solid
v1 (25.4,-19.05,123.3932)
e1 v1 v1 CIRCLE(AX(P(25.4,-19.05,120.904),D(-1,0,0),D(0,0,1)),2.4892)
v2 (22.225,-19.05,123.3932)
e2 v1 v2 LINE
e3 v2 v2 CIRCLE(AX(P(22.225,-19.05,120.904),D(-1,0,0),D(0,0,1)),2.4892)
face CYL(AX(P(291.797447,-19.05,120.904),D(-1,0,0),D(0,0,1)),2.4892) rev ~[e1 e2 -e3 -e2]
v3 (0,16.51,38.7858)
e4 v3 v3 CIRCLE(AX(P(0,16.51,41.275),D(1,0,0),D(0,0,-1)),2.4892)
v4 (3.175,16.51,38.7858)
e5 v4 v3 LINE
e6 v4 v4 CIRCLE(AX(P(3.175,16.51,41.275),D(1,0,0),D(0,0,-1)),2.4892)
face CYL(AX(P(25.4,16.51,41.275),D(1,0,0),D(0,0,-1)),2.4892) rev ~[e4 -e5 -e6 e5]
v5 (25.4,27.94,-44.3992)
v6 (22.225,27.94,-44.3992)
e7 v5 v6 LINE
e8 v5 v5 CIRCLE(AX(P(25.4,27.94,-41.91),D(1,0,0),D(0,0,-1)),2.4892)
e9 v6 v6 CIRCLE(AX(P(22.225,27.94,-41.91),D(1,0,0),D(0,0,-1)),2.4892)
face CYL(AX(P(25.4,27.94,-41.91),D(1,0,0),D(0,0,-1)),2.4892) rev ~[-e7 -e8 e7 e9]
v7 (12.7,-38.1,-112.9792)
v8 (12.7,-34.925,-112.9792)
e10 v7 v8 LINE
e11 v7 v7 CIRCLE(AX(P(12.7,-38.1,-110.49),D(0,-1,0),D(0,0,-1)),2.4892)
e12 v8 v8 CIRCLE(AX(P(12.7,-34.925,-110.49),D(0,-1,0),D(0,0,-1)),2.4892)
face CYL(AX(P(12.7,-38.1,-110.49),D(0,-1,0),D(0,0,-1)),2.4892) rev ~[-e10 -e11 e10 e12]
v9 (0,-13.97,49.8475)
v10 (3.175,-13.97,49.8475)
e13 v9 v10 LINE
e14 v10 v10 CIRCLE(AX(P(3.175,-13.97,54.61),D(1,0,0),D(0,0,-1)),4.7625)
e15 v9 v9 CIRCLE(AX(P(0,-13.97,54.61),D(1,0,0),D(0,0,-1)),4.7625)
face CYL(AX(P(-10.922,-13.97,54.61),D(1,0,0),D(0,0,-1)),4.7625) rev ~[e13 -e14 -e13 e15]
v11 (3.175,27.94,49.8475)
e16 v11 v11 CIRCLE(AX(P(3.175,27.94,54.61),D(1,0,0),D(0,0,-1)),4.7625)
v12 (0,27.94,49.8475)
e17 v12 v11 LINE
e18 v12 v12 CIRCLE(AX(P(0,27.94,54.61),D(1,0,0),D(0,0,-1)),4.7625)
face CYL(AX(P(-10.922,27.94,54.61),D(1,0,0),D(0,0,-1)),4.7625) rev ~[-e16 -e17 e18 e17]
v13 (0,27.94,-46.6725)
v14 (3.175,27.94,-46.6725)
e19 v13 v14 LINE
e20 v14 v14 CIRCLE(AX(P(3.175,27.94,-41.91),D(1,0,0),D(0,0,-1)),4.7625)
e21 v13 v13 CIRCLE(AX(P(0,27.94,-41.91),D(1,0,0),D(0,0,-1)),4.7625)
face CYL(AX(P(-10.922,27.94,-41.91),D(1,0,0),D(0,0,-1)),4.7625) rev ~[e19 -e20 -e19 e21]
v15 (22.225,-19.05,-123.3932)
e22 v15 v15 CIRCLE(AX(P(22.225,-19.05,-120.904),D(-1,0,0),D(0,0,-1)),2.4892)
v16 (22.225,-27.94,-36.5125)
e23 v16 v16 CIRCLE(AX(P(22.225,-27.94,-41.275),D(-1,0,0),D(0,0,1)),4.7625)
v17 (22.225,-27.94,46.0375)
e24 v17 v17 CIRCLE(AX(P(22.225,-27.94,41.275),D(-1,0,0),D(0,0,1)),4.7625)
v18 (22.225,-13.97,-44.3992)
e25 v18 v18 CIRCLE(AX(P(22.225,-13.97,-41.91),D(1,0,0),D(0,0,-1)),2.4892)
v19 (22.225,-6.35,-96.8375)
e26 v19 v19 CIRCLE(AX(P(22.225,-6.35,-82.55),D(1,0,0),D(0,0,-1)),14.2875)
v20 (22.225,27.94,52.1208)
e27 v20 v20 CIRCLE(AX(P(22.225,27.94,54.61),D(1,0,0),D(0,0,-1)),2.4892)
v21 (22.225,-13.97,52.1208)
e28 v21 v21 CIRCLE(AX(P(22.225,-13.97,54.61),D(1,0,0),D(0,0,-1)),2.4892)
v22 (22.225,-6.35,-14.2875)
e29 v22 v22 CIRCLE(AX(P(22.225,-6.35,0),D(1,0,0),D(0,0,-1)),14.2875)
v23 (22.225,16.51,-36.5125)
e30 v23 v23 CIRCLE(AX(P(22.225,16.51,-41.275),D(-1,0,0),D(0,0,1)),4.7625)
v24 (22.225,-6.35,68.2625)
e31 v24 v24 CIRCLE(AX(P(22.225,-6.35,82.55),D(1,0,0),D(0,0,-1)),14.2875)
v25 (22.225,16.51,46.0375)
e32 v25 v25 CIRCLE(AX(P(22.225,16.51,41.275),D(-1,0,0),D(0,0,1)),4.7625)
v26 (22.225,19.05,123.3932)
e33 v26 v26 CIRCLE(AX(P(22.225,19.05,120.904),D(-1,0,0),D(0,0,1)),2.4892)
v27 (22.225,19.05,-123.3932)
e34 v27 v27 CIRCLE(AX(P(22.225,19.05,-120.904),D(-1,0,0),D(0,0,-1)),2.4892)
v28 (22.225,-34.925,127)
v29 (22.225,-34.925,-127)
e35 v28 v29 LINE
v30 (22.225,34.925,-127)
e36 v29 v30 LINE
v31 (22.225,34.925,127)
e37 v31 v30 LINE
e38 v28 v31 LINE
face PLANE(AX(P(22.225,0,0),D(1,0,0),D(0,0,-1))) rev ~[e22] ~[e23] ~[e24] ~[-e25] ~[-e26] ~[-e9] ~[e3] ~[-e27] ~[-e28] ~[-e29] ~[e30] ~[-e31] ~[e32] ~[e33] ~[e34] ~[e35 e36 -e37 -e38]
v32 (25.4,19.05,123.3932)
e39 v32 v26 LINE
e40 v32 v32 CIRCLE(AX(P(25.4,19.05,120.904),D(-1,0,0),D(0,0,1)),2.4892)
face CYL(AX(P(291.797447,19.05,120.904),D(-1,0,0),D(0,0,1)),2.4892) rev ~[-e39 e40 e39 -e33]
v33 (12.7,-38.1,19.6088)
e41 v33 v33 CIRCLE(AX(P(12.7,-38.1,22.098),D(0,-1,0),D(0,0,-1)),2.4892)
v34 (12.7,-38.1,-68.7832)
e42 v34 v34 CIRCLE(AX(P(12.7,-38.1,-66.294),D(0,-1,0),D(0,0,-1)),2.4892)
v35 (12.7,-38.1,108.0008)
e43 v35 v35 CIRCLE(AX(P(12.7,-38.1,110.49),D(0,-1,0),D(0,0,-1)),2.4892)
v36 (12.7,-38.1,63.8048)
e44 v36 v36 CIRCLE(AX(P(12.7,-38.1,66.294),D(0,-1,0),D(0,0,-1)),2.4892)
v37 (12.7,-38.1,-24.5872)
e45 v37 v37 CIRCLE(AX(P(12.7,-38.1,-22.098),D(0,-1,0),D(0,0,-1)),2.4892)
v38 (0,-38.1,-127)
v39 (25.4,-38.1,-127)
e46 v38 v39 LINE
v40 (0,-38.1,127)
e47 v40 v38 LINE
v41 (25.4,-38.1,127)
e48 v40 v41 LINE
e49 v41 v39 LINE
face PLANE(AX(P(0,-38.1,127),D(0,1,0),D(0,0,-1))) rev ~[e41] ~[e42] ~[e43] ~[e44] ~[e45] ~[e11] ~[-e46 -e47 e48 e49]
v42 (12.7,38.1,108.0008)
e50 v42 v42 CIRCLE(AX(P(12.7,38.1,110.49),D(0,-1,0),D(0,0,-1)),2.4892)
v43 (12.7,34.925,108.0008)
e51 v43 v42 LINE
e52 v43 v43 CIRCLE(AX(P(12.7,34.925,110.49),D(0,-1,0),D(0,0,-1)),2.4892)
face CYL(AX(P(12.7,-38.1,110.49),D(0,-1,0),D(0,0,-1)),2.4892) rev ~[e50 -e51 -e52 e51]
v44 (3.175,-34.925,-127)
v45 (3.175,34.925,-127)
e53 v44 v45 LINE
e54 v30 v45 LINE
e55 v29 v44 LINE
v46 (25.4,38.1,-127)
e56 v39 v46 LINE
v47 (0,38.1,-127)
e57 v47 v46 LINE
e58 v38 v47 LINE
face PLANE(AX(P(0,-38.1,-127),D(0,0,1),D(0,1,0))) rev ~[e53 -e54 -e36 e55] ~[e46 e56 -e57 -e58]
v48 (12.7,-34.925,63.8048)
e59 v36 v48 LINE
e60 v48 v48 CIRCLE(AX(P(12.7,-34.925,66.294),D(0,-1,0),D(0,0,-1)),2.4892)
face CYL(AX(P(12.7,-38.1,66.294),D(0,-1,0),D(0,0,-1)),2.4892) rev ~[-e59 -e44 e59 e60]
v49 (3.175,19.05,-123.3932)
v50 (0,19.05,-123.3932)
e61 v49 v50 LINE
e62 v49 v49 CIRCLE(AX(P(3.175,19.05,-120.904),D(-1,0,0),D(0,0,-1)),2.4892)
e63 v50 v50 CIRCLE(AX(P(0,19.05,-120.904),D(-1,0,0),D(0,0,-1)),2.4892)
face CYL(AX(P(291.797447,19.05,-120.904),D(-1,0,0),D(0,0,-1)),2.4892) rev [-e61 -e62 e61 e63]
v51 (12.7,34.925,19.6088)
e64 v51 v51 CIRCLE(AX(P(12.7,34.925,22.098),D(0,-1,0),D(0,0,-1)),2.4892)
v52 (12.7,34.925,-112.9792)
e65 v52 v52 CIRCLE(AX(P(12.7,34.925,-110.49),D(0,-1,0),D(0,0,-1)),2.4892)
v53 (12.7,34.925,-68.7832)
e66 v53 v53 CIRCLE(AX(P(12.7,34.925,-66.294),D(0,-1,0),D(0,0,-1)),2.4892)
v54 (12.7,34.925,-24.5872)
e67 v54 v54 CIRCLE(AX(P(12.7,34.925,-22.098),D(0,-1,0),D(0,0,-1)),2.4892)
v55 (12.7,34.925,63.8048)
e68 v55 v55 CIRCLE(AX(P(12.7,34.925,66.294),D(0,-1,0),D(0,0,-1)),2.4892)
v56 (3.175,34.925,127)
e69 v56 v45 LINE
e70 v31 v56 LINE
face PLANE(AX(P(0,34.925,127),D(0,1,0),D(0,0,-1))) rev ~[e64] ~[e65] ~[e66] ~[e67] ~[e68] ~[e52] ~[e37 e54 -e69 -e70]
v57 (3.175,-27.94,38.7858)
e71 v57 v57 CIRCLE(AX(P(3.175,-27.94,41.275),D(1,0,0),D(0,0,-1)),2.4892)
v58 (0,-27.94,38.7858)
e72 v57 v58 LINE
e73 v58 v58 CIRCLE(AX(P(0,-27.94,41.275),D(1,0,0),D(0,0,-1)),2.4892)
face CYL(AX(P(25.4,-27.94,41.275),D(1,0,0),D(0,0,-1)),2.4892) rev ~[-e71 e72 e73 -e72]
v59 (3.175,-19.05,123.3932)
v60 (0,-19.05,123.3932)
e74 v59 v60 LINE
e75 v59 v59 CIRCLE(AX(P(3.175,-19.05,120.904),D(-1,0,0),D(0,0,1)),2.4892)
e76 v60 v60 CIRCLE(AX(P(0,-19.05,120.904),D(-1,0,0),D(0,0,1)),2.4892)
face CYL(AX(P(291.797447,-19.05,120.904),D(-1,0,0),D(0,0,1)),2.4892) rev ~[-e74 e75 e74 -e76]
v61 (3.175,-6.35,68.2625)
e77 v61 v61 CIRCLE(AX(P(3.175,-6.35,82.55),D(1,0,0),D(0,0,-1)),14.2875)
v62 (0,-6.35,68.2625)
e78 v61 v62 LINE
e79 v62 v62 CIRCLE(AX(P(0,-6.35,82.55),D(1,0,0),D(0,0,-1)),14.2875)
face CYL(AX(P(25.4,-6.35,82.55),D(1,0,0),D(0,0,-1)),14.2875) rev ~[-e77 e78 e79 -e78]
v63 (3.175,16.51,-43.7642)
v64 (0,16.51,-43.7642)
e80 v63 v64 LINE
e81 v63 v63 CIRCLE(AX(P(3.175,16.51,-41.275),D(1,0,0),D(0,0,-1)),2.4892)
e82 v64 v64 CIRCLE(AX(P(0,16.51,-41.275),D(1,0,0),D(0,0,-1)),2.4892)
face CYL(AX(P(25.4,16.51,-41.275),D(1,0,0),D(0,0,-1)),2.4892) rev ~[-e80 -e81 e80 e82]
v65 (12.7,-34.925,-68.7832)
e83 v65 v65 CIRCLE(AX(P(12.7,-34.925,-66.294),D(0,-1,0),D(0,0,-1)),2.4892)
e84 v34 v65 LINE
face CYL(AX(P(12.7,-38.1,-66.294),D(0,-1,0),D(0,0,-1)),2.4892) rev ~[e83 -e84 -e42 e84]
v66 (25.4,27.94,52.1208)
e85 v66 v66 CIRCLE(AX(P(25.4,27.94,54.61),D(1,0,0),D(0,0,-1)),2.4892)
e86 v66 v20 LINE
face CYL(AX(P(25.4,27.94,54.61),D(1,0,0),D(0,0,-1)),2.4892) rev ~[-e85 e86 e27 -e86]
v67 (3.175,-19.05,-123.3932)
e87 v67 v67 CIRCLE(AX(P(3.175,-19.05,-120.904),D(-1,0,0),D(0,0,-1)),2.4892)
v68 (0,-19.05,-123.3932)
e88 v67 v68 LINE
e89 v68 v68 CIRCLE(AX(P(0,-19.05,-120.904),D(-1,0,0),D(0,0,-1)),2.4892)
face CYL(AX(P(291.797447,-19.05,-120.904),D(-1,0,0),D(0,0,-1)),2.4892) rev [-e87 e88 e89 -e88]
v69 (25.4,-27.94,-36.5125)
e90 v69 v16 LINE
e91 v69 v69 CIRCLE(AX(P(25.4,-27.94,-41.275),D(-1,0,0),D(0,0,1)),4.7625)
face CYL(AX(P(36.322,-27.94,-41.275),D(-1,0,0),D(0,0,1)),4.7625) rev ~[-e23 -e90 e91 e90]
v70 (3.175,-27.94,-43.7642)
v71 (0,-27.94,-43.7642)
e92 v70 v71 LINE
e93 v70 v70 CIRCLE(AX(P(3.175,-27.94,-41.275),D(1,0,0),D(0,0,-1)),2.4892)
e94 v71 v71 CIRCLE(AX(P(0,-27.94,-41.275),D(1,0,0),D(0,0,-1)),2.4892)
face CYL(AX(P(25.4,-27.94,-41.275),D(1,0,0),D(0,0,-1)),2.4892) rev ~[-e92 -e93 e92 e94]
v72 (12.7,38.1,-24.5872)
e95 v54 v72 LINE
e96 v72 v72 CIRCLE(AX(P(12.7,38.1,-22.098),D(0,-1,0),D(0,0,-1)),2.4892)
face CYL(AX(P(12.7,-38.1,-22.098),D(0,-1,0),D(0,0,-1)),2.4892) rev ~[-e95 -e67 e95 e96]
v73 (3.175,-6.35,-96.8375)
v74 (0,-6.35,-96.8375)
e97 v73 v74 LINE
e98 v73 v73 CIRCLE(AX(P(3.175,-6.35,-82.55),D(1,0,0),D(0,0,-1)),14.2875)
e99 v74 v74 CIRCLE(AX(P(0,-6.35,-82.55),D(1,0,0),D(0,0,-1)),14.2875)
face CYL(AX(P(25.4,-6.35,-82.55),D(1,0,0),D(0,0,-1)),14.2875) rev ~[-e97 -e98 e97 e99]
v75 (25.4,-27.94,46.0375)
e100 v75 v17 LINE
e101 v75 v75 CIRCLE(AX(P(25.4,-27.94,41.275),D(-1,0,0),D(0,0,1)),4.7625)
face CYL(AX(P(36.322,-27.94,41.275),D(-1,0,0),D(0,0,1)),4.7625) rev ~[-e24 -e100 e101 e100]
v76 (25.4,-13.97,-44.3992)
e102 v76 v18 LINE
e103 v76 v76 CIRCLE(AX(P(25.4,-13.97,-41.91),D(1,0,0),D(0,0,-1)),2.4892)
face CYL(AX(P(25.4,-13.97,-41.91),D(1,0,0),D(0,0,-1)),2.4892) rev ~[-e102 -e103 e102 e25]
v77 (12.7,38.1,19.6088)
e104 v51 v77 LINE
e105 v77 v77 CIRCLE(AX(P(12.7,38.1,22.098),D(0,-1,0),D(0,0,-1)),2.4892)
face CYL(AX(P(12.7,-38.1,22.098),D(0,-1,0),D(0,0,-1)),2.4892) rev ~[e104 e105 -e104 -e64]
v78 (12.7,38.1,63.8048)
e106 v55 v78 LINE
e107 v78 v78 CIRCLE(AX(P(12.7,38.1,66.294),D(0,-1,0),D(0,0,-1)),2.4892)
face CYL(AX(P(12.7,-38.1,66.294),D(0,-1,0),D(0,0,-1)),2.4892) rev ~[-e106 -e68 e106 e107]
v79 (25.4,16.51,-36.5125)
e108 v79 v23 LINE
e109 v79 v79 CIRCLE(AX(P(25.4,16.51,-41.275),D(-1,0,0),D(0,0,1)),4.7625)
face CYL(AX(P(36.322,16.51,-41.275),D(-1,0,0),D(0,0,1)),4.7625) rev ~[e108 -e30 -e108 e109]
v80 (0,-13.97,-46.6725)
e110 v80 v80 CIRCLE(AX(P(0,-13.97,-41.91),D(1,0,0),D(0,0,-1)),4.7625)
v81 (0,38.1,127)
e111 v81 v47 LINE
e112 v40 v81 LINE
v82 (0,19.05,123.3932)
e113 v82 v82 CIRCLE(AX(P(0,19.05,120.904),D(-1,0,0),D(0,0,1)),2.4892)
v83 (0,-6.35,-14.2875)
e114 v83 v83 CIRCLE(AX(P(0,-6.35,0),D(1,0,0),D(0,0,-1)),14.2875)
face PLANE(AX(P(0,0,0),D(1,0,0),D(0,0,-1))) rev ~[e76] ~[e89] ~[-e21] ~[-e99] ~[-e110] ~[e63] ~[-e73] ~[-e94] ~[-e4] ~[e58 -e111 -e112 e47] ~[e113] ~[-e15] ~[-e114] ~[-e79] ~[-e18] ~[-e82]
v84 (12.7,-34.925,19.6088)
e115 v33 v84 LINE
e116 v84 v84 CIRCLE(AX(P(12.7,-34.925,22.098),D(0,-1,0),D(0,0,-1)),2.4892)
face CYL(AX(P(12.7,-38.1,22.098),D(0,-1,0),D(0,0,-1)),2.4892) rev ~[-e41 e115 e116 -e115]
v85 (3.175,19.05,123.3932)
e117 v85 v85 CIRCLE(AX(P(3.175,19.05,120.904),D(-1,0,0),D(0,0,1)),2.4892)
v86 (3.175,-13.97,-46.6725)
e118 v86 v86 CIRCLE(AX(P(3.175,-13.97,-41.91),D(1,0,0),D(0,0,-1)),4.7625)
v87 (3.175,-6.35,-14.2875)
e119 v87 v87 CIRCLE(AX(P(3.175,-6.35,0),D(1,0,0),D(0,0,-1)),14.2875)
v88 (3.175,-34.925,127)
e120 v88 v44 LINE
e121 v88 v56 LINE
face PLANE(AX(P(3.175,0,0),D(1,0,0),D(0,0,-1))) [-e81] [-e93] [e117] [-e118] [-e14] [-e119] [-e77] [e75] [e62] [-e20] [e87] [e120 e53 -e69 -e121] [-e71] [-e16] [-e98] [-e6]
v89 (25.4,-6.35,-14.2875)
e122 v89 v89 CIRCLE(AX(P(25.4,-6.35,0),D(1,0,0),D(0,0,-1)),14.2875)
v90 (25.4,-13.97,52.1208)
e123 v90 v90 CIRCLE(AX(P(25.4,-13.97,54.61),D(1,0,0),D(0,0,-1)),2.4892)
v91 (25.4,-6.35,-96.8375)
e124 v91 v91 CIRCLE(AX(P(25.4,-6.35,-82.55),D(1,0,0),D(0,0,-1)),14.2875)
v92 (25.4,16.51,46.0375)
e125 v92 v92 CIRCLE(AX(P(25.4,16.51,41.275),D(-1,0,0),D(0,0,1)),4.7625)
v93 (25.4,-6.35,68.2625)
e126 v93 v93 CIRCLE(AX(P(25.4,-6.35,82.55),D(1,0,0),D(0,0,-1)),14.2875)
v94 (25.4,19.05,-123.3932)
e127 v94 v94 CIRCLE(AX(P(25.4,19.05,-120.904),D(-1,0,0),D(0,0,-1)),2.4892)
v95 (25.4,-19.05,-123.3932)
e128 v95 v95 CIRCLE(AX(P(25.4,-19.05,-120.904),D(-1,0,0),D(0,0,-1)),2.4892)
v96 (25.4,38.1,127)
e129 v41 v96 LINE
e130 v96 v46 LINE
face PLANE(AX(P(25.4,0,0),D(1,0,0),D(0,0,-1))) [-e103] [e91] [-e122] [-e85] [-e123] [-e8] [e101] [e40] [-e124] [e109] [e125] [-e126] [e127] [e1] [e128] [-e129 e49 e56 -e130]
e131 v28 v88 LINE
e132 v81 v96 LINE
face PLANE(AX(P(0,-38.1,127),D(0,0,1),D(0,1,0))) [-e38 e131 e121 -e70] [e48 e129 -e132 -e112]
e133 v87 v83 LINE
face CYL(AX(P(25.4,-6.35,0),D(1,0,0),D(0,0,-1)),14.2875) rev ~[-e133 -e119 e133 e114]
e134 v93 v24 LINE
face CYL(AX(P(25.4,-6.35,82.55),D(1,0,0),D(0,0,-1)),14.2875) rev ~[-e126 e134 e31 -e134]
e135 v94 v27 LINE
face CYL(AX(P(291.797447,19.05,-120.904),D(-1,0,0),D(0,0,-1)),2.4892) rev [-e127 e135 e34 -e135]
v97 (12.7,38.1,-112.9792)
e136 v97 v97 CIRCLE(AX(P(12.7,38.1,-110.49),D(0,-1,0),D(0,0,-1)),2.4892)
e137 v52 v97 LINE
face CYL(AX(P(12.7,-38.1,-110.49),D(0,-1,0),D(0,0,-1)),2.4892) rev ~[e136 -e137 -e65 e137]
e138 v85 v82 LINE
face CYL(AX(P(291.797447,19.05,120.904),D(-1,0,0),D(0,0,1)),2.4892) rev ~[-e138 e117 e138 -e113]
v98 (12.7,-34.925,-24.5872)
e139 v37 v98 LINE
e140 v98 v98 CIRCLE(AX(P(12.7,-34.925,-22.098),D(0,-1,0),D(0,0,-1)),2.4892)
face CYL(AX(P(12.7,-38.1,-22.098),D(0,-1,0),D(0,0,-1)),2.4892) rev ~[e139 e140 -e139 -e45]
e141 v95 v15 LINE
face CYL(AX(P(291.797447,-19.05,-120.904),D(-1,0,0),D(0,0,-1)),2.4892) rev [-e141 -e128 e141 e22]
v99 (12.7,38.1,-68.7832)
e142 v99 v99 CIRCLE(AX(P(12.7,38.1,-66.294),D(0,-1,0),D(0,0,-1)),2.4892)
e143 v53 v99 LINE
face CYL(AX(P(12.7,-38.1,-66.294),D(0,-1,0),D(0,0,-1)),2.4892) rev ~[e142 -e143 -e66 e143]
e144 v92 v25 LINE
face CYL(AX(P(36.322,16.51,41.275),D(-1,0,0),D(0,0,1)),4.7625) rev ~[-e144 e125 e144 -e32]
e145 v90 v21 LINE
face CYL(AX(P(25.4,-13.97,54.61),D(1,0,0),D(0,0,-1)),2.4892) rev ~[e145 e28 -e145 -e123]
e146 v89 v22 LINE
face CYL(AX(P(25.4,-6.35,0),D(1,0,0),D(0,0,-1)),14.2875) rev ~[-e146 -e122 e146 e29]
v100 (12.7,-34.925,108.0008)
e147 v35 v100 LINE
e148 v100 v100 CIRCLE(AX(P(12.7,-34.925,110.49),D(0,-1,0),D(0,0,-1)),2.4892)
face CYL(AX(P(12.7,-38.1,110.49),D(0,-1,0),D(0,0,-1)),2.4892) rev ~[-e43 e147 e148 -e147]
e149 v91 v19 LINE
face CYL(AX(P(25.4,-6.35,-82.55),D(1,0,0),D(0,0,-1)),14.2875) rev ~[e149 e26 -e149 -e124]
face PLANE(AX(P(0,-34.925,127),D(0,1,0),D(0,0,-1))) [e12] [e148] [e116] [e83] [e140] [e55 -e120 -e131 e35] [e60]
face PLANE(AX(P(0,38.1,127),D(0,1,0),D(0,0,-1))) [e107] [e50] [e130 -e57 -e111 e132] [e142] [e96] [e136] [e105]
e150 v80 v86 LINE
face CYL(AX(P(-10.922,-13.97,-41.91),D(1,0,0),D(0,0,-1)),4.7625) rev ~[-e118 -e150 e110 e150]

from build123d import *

# Parameters (mm, degrees)
SKETCH1_W                        = 254
SKETCH1_H                        = 76.2
BOSS_EXTRUDE1_DEPTH              = 25.4
SHELL1_T                         = -3.175
SKETCH2_R                        = 14.2875
SKETCH2_R_2                      = 2.4892
CUT_EXTRUDE1_DEPTH               = 136.002851822
F_10_CLEARANCE_HOLE1_D           = 4.9784
F_3_8_0_375_DIAMETER_HOLE1_D     = 9.525
F_3_8_0_375_DIAMETER_HOLE1_DEPTH = 10.922
F_3_8_0_375_DIAMETER_HOLE1_TIP   = 2.861598698
F_3_8_0_375_DIAMETER_HOLE2_D     = 9.525
F_3_8_0_375_DIAMETER_HOLE2_DEPTH = 10.922
F_3_8_0_375_DIAMETER_HOLE2_TIP   = 2.861598698
SKETCH11_R                       = 2.4892
CUT_EXTRUDE2_DEPTH               = 151.268426491


with BuildPart() as part:
    # Sketch1 → Boss-Extrude1 (new body)
    with BuildSketch(Plane(origin=(0, 0, 0), x_dir=(0, 0, -1), z_dir=(1, 0, 0))):
        Rectangle(SKETCH1_W, SKETCH1_H)
    extrude(amount=BOSS_EXTRUDE1_DEPTH)

    # Shell1
    shell1_openings = [part.faces().sort_by_distance(p)[0] for p in [
        (12.7, 0, 127),
        (12.7, 0, -127),
    ]]
    offset(amount=SHELL1_T, openings=shell1_openings, kind=Kind.INTERSECTION)

    # Sketch2 → Cut-Extrude1 (cut, through all)
    with BuildSketch(Plane(origin=(25.4, 0, 0), x_dir=(0, 0, -1), z_dir=(1, 0, 0))):
        with Locations((0, -6.35)):
            Circle(SKETCH2_R)
        with Locations((-82.55, -6.35)):
            Circle(SKETCH2_R)
        with Locations((82.55, -6.35)):
            Circle(SKETCH2_R)
        with Locations((-41.275, 16.51)):
            Circle(SKETCH2_R_2)
        with Locations((-41.275, -27.94)):
            Circle(SKETCH2_R_2)
        with Locations((41.275, -27.94)):
            Circle(SKETCH2_R_2)
        with Locations((41.275, 16.51)):
            Circle(SKETCH2_R_2)
        with Locations((-54.61, 27.94)):
            Circle(SKETCH2_R_2)
        with Locations((-54.61, -13.97)):
            Circle(SKETCH2_R_2)
        with Locations((41.91, -13.97)):
            Circle(SKETCH2_R_2)
        with Locations((41.91, 27.94)):
            Circle(SKETCH2_R_2)
    extrude(amount=-CUT_EXTRUDE1_DEPTH, mode=Mode.SUBTRACT)

    # #10 Clearance Hole1 (through all)
    with Locations(Plane(origin=(25.4, 0, 0), x_dir=(0, 0, -1), z_dir=(1, 0, 0))):
        with Locations((-120.904, 19.05), (-120.904, -19.05)):
            f_10_clearance_hole1 = Hole(F_10_CLEARANCE_HOLE1_D / 2)

    # Mirror1: #10 Clearance Hole1 across plane
    add(f_10_clearance_hole1.mirror(Plane.XY), mode=Mode.SUBTRACT)

    # 3/8 (0.375) Diameter Hole1
    with Locations(Plane.ZY):
        with Locations((54.61, 27.94), (54.61, -13.97), (-41.91, -13.97), (-41.91, 27.94)):
            Hole(F_3_8_0_375_DIAMETER_HOLE1_D / 2, depth=F_3_8_0_375_DIAMETER_HOLE1_DEPTH)
            with Locations((0, 0, -(F_3_8_0_375_DIAMETER_HOLE1_DEPTH + F_3_8_0_375_DIAMETER_HOLE1_TIP / 2))):  # 118° drill point
                Cone(0, F_3_8_0_375_DIAMETER_HOLE1_D / 2, F_3_8_0_375_DIAMETER_HOLE1_TIP, mode=Mode.SUBTRACT)

    # 3/8 (0.375) Diameter Hole2
    with Locations(Plane(origin=(25.4, 0, 0), x_dir=(0, 0, -1), z_dir=(1, 0, 0))):
        with Locations((-41.275, 16.51), (-41.275, -27.94), (41.275, 16.51), (41.275, -27.94)):
            Hole(F_3_8_0_375_DIAMETER_HOLE2_D / 2, depth=F_3_8_0_375_DIAMETER_HOLE2_DEPTH)
            with Locations((0, 0, -(F_3_8_0_375_DIAMETER_HOLE2_DEPTH + F_3_8_0_375_DIAMETER_HOLE2_TIP / 2))):  # 118° drill point
                Cone(0, F_3_8_0_375_DIAMETER_HOLE2_D / 2, F_3_8_0_375_DIAMETER_HOLE2_TIP, mode=Mode.SUBTRACT)

    # Sketch11 → Cut-Extrude2 (cut, through all)
    with BuildSketch(Plane.XZ.offset(38.1)):
        with Locations(Location((12.7, -110.49, 0), (0, 0, 270))):
            Circle(SKETCH11_R)
        with Locations(Location((12.7, -66.294, 0), (0, 0, 270))):
            Circle(SKETCH11_R)
        with Locations(Location((12.7, -22.098, 0), (0, 0, 270))):
            Circle(SKETCH11_R)
        with Locations(Location((12.7, 22.098, 0), (0, 0, 270))):
            Circle(SKETCH11_R)
        with Locations(Location((12.7, 66.294, 0), (0, 0, 270))):
            Circle(SKETCH11_R)
        with Locations(Location((12.7, 110.49, 0), (0, 0, 270))):
            Circle(SKETCH11_R)
    extrude(amount=-CUT_EXTRUDE2_DEPTH, mode=Mode.SUBTRACT)


solid = part.part
